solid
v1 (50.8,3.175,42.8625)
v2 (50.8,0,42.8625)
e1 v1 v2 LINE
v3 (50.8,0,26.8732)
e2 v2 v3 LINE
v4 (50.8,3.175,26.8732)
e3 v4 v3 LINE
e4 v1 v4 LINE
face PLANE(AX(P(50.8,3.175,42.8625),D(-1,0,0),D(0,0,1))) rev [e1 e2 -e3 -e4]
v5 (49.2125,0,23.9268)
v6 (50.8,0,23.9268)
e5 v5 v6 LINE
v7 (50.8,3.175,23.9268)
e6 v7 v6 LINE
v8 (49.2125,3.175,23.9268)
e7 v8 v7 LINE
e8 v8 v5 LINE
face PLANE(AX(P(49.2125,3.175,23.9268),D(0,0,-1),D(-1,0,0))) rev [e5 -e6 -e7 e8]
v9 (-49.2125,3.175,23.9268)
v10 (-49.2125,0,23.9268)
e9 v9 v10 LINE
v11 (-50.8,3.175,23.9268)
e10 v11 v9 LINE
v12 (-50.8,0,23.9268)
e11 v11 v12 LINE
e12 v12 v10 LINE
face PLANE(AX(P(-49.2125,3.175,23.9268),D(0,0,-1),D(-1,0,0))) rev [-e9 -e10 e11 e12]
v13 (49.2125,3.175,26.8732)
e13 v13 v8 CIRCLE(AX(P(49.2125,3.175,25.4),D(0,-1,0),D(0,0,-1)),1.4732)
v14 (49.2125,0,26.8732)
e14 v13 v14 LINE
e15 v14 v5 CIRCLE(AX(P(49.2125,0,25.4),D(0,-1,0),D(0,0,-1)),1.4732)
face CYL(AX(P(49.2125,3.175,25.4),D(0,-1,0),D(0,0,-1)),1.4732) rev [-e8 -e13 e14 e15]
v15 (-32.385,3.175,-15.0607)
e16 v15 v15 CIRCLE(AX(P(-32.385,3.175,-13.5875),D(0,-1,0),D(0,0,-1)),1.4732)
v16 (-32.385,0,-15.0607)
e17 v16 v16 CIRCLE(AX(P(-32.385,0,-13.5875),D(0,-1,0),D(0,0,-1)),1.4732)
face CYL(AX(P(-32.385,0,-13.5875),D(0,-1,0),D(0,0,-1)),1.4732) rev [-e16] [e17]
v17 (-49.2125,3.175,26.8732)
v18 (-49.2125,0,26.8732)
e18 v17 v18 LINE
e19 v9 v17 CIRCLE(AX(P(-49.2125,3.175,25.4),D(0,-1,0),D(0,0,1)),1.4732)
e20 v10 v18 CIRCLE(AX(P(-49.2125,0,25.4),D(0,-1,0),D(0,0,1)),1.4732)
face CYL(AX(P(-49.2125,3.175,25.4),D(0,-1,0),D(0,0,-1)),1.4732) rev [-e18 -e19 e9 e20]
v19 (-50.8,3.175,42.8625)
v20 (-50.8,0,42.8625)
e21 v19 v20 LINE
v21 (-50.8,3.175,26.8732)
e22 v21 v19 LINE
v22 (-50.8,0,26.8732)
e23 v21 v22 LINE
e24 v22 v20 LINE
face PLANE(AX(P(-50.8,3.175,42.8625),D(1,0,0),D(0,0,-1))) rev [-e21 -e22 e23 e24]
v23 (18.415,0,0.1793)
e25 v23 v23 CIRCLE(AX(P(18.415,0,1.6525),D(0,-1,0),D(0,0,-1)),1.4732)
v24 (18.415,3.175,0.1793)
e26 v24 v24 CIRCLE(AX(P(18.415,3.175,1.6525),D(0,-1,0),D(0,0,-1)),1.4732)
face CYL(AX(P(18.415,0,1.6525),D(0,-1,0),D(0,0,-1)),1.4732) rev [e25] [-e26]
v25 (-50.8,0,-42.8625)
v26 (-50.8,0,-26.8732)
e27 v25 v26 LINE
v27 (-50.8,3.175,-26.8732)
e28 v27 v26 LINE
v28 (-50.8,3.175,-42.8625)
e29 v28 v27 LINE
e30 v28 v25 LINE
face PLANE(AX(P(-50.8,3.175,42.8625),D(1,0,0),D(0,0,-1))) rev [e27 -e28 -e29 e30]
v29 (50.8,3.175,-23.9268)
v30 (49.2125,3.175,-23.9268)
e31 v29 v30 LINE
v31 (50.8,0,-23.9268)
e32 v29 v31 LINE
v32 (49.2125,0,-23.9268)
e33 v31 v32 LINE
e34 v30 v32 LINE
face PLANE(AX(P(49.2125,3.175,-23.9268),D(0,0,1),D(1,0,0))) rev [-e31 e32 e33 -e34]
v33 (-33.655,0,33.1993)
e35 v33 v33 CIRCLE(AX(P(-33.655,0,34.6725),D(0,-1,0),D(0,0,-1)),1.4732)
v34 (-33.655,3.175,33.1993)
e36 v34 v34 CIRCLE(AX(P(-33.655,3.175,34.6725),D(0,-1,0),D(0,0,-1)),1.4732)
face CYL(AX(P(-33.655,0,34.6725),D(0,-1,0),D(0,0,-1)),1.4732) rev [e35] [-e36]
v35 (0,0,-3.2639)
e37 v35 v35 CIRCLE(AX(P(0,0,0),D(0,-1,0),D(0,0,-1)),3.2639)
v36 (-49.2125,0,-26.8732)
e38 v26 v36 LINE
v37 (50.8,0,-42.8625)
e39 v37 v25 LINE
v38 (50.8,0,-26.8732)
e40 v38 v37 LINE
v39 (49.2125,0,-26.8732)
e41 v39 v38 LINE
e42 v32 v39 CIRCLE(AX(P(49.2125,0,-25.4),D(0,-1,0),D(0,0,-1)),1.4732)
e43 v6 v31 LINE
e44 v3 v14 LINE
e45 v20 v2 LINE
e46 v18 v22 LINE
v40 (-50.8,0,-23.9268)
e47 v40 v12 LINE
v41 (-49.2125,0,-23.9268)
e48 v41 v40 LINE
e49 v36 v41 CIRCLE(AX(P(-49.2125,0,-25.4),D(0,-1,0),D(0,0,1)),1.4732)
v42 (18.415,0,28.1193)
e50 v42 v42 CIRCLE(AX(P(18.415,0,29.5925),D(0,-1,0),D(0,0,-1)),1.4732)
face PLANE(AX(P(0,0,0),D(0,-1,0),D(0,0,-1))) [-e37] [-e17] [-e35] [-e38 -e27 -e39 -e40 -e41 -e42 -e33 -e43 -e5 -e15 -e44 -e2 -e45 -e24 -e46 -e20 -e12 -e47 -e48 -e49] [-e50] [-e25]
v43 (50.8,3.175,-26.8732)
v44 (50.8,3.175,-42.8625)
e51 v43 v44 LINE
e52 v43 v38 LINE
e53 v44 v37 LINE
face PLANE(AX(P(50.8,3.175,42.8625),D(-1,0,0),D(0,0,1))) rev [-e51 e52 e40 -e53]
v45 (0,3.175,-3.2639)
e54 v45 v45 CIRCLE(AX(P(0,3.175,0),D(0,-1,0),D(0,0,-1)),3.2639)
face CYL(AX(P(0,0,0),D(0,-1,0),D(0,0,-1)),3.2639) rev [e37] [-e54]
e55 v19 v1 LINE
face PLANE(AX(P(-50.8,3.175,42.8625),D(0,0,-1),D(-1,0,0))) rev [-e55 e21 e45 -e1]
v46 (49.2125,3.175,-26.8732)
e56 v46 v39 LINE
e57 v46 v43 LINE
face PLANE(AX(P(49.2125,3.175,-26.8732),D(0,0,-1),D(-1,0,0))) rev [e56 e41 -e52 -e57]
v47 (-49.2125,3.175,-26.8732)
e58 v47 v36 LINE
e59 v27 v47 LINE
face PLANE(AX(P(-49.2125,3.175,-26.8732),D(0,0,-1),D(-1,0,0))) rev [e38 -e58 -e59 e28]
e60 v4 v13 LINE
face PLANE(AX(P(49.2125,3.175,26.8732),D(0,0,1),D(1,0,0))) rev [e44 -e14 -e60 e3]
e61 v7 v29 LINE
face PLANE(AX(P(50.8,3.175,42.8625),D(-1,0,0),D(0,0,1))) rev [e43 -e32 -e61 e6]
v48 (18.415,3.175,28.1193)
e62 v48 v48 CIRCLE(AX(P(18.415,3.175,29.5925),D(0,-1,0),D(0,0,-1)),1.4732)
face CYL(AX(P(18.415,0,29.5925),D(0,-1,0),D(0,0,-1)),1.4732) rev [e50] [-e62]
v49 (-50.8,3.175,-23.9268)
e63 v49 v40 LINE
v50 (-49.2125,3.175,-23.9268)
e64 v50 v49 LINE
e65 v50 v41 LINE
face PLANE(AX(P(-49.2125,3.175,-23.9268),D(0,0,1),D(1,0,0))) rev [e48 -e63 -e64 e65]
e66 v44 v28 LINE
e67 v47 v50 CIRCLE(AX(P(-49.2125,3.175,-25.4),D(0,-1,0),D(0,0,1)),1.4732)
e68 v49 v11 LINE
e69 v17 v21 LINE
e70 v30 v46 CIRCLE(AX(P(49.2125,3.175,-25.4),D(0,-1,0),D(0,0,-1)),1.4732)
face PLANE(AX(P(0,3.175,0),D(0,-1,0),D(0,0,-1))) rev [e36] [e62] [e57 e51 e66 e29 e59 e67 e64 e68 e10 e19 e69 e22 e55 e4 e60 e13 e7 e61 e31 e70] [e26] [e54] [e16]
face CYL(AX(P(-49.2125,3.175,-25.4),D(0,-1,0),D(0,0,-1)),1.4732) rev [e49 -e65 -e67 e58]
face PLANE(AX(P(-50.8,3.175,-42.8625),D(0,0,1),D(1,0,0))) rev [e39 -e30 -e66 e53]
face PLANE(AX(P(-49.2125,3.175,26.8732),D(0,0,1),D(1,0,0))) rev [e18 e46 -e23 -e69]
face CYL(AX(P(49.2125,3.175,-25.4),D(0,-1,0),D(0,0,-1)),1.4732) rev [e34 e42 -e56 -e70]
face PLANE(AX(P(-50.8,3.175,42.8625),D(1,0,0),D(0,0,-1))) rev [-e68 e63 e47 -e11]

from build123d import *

# Parameters (mm, degrees)
SKETCH1_W               = 101.6
SKETCH1_H               = 85.725
BOSS_EXTRUDE1_DEPTH     = 3.175
F_4_CLEARANCE_HOLE1_D   = 2.9464
CUT_EXTRUDE1_DEPTH      = 67.542576831
F_1_4_CLEARANCE_HOLE1_D = 6.5278


with BuildPart() as part:
    # Sketch1 → Boss-Extrude1 (new body)
    with BuildSketch(Plane(origin=(0, 0, 0), x_dir=(1, 0, 0), z_dir=(0, 1, 0))):
        Rectangle(SKETCH1_W, SKETCH1_H)
    extrude(amount=BOSS_EXTRUDE1_DEPTH)

    # #4 Clearance Hole1 (through all)
    with Locations(Plane(origin=(0, 0, 0), x_dir=(-1, 0, 0), z_dir=(0, -1, 0))):
        with Locations((-18.415, -1.6525), (-18.415, -29.5925), (33.655, -34.6725), (32.385, 13.5875)):
            Hole(F_4_CLEARANCE_HOLE1_D / 2)

    # Sketch4 → Cut-Extrude1 (cut, through all)
    with BuildSketch(Plane.XZ):
        with BuildLine():
            Line((49.2125, -26.8732), (50.8, -26.8732))
            Line((50.8, -26.8732), (50.8, -23.9268))
            Line((50.8, -23.9268), (49.2125, -23.9268))
            ThreePointArc((49.2125, -23.9268), (47.7393, -25.4), (49.2125, -26.8732))
        make_face()
        with BuildLine():
            Line((49.2125, 26.8732), (50.8, 26.8732))
            Line((50.8, 26.8732), (50.8, 23.9268))
            Line((50.8, 23.9268), (49.2125, 23.9268))
            ThreePointArc((49.2125, 23.9268), (47.7393, 25.4), (49.2125, 26.8732))
        make_face()
        with BuildLine():
            Line((-49.2125, 26.8732), (-50.8, 26.8732))
            Line((-50.8, 26.8732), (-50.8, 23.9268))
            Line((-50.8, 23.9268), (-49.2125, 23.9268))
            ThreePointArc((-49.2125, 23.9268), (-47.7393, 25.4), (-49.2125, 26.8732))
        make_face()
        with BuildLine():
            Line((-49.2125, -23.9268), (-50.8, -23.9268))
            Line((-50.8, -23.9268), (-50.8, -26.8732))
            Line((-50.8, -26.8732), (-49.2125, -26.8732))
            ThreePointArc((-49.2125, -26.8732), (-47.7393, -25.4), (-49.2125, -23.9268))
        make_face()
    extrude(amount=-CUT_EXTRUDE1_DEPTH, mode=Mode.SUBTRACT)

    # 1/4 Clearance Hole1 (through all)
    with Locations(Plane(origin=(0, 0, 0), x_dir=(-1, 0, 0), z_dir=(0, -1, 0))):
        with Locations((0, 0)):
            Hole(F_1_4_CLEARANCE_HOLE1_D / 2)


solid = part.part
